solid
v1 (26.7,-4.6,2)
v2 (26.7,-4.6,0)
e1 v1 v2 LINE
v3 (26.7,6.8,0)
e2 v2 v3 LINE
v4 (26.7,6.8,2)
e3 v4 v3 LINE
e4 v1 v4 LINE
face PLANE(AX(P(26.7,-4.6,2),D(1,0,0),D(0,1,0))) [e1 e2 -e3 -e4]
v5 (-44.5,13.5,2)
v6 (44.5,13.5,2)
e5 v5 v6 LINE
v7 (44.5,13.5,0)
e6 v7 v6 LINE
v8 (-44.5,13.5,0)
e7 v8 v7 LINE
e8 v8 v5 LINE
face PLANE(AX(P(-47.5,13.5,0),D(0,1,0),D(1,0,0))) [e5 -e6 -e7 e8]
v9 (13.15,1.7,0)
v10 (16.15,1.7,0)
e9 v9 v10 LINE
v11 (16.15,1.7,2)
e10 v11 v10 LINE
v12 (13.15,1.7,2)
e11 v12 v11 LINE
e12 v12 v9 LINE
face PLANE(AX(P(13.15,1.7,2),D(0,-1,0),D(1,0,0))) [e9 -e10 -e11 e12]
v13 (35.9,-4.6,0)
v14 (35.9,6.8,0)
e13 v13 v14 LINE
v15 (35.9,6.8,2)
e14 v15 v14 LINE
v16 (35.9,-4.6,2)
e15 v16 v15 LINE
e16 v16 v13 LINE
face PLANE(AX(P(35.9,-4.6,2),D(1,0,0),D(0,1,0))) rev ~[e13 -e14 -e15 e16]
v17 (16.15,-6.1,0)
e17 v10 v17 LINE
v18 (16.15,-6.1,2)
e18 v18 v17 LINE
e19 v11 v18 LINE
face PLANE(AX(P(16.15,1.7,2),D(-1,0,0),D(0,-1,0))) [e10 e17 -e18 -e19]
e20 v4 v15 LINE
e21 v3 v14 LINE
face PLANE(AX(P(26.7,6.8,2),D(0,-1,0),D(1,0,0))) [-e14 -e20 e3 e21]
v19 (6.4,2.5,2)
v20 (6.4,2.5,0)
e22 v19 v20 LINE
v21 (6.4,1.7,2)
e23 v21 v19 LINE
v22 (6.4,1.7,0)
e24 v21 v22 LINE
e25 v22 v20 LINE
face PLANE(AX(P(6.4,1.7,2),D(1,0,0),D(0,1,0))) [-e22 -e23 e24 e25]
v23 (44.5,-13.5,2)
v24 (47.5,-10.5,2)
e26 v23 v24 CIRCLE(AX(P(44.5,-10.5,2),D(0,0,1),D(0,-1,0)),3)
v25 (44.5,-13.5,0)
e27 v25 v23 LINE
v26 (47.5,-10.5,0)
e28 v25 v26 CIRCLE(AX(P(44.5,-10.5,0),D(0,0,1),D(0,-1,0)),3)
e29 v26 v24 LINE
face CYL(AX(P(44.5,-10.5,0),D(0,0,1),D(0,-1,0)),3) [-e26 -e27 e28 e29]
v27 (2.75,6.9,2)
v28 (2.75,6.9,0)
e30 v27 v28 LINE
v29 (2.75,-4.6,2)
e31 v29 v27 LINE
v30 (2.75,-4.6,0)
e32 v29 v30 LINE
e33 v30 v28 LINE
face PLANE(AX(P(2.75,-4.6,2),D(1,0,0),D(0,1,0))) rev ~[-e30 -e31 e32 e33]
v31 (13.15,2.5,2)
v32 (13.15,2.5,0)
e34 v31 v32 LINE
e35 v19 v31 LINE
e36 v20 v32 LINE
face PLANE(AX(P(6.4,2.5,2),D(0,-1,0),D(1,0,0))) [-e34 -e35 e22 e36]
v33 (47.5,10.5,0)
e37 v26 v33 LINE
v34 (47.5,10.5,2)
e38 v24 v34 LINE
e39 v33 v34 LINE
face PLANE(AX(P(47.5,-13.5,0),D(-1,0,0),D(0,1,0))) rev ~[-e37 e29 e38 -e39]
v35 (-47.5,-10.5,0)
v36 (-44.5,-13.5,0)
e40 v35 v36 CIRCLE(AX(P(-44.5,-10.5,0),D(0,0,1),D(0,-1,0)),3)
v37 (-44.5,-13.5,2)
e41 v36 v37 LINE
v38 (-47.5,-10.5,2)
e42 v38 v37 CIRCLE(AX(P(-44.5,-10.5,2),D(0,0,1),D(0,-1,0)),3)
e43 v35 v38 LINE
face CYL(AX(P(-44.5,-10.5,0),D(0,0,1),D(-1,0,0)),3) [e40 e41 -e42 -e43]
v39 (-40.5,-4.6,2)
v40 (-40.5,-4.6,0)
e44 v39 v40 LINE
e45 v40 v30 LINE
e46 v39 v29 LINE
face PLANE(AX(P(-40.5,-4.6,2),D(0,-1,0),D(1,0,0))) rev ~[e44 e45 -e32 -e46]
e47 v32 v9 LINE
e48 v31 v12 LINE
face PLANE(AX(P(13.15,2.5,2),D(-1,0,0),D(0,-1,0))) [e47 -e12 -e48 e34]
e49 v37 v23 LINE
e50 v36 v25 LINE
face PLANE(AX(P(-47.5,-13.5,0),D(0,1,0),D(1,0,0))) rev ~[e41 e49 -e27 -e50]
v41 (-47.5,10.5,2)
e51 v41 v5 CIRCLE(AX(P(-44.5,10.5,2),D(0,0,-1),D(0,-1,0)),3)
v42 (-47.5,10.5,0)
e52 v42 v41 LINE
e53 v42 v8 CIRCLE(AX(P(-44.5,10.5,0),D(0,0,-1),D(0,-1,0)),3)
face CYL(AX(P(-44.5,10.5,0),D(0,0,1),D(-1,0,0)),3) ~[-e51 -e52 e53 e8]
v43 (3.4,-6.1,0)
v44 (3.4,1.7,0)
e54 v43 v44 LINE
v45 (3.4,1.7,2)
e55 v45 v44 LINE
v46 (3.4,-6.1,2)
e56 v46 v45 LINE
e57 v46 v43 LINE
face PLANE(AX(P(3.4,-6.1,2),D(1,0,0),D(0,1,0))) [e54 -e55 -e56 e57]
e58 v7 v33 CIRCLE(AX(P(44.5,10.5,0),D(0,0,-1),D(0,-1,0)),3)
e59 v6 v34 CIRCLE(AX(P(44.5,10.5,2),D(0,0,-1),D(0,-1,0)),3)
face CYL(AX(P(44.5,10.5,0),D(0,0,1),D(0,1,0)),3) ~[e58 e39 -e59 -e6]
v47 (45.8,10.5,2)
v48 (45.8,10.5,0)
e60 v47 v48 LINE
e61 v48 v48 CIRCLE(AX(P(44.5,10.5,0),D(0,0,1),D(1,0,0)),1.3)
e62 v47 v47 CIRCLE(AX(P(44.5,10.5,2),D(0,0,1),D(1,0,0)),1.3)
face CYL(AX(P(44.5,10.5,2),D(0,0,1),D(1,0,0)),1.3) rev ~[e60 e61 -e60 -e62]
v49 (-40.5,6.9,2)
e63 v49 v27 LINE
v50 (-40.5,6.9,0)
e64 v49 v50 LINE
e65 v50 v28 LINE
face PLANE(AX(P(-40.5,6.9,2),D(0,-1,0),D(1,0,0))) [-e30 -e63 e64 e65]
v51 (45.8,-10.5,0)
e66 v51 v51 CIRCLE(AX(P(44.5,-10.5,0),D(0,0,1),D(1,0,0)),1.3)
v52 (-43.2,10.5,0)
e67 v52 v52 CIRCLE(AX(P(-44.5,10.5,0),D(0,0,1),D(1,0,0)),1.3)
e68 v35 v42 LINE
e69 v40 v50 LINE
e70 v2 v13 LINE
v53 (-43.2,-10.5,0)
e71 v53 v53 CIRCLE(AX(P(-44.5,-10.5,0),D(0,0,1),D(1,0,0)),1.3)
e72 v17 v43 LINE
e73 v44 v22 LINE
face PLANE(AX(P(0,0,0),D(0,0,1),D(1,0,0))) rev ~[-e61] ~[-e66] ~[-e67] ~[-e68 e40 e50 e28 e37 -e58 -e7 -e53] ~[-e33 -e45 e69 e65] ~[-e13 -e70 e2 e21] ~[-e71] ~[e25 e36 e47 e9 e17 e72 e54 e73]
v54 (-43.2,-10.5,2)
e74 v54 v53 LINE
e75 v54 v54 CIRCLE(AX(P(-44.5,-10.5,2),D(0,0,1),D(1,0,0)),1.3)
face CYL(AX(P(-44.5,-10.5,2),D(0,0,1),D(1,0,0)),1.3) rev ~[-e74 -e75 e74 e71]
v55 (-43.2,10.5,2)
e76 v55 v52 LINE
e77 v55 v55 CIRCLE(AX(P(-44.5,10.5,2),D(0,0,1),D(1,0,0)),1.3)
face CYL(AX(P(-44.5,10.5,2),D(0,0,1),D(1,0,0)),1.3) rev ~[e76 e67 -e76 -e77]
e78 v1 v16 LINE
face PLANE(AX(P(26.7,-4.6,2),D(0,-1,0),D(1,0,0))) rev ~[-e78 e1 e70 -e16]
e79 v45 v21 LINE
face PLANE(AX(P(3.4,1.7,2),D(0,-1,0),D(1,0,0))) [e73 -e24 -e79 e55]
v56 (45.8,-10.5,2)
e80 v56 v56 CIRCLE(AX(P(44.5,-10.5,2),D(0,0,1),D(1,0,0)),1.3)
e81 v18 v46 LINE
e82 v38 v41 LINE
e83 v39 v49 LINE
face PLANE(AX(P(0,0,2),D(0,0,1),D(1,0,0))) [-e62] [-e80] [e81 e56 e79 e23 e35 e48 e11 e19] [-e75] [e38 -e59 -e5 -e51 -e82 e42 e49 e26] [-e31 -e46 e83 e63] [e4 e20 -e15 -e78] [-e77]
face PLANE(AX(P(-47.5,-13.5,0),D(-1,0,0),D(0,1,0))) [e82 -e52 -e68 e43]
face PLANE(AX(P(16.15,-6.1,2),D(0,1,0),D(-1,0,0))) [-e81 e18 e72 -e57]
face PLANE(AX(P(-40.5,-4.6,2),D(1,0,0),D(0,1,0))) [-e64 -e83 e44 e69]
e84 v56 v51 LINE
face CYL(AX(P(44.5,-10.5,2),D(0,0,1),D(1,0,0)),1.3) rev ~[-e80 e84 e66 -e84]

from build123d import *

# Parameters (mm, degrees)
SKETCH_W        = 95
SKETCH_H        = 27
PAD_DEPTH       = 2
SKETCH001_R     = 1.3
POCKET_DEPTH    = 2
FILLET_R        = 3
SKETCH002_W     = 9.2
SKETCH002_H     = 11.4
POCKET001_DEPTH = 2
SKETCH004_W     = 43.25
SKETCH004_H     = 11.5
POCKET002_DEPTH = 2
POCKET003_DEPTH = 2


with BuildPart() as part:
    # Sketch → Pad (new body)
    with BuildSketch(Plane.XY):
        Rectangle(SKETCH_W, SKETCH_H)
    extrude(amount=PAD_DEPTH)

    # Sketch001 (on Face6 of Pad) → Pocket (cut)
    with BuildSketch(Plane.XY.offset(2)):
        with Locations((-44.5, 10.5)):
            Circle(SKETCH001_R)
        with Locations((44.5, 10.5)):
            Circle(SKETCH001_R)
        with Locations((44.5, -10.5)):
            Circle(SKETCH001_R)
        with Locations((-44.5, -10.5)):
            Circle(SKETCH001_R)
    extrude(amount=-POCKET_DEPTH, mode=Mode.SUBTRACT)

    # Fillet
    fillet_edges = [part.edges().sort_by_distance(p)[0] for p in [
        (-47.5, -13.5, 1),
        (47.5, -13.5, 1),
        (47.5, 13.5, 1),
        (-47.5, 13.5, 1),
    ]]
    fillet(fillet_edges, radius=FILLET_R)

    # Sketch002 (on Face5 of Fillet) → Pocket001 (cut)
    with BuildSketch(Plane.XY.offset(2)):
        with Locations((31.3, 1.1)):
            Rectangle(SKETCH002_W, SKETCH002_H)
    extrude(amount=-POCKET001_DEPTH, mode=Mode.SUBTRACT)

    # Sketch004 (on Face5 of Pocket001) → Pocket002 (cut)
    with BuildSketch(Plane.XY.offset(2)):
        with Locations((-18.875, 1.15)):
            Rectangle(SKETCH004_W, SKETCH004_H)
    extrude(amount=-POCKET002_DEPTH, mode=Mode.SUBTRACT)

    # Sketch005 (on Face5 of Pocket002) → Pocket003 (cut)
    with BuildSketch(Plane.XY.offset(2)):
        Polygon((16.15, 1.7), (16.15, -6.1), (3.4, -6.1), (3.4, 1.7), (6.4, 1.7), (6.4, 2.5), (13.15, 2.5), (13.15, 1.7), align=None)
    extrude(amount=-POCKET003_DEPTH, mode=Mode.SUBTRACT)


solid = part.part
